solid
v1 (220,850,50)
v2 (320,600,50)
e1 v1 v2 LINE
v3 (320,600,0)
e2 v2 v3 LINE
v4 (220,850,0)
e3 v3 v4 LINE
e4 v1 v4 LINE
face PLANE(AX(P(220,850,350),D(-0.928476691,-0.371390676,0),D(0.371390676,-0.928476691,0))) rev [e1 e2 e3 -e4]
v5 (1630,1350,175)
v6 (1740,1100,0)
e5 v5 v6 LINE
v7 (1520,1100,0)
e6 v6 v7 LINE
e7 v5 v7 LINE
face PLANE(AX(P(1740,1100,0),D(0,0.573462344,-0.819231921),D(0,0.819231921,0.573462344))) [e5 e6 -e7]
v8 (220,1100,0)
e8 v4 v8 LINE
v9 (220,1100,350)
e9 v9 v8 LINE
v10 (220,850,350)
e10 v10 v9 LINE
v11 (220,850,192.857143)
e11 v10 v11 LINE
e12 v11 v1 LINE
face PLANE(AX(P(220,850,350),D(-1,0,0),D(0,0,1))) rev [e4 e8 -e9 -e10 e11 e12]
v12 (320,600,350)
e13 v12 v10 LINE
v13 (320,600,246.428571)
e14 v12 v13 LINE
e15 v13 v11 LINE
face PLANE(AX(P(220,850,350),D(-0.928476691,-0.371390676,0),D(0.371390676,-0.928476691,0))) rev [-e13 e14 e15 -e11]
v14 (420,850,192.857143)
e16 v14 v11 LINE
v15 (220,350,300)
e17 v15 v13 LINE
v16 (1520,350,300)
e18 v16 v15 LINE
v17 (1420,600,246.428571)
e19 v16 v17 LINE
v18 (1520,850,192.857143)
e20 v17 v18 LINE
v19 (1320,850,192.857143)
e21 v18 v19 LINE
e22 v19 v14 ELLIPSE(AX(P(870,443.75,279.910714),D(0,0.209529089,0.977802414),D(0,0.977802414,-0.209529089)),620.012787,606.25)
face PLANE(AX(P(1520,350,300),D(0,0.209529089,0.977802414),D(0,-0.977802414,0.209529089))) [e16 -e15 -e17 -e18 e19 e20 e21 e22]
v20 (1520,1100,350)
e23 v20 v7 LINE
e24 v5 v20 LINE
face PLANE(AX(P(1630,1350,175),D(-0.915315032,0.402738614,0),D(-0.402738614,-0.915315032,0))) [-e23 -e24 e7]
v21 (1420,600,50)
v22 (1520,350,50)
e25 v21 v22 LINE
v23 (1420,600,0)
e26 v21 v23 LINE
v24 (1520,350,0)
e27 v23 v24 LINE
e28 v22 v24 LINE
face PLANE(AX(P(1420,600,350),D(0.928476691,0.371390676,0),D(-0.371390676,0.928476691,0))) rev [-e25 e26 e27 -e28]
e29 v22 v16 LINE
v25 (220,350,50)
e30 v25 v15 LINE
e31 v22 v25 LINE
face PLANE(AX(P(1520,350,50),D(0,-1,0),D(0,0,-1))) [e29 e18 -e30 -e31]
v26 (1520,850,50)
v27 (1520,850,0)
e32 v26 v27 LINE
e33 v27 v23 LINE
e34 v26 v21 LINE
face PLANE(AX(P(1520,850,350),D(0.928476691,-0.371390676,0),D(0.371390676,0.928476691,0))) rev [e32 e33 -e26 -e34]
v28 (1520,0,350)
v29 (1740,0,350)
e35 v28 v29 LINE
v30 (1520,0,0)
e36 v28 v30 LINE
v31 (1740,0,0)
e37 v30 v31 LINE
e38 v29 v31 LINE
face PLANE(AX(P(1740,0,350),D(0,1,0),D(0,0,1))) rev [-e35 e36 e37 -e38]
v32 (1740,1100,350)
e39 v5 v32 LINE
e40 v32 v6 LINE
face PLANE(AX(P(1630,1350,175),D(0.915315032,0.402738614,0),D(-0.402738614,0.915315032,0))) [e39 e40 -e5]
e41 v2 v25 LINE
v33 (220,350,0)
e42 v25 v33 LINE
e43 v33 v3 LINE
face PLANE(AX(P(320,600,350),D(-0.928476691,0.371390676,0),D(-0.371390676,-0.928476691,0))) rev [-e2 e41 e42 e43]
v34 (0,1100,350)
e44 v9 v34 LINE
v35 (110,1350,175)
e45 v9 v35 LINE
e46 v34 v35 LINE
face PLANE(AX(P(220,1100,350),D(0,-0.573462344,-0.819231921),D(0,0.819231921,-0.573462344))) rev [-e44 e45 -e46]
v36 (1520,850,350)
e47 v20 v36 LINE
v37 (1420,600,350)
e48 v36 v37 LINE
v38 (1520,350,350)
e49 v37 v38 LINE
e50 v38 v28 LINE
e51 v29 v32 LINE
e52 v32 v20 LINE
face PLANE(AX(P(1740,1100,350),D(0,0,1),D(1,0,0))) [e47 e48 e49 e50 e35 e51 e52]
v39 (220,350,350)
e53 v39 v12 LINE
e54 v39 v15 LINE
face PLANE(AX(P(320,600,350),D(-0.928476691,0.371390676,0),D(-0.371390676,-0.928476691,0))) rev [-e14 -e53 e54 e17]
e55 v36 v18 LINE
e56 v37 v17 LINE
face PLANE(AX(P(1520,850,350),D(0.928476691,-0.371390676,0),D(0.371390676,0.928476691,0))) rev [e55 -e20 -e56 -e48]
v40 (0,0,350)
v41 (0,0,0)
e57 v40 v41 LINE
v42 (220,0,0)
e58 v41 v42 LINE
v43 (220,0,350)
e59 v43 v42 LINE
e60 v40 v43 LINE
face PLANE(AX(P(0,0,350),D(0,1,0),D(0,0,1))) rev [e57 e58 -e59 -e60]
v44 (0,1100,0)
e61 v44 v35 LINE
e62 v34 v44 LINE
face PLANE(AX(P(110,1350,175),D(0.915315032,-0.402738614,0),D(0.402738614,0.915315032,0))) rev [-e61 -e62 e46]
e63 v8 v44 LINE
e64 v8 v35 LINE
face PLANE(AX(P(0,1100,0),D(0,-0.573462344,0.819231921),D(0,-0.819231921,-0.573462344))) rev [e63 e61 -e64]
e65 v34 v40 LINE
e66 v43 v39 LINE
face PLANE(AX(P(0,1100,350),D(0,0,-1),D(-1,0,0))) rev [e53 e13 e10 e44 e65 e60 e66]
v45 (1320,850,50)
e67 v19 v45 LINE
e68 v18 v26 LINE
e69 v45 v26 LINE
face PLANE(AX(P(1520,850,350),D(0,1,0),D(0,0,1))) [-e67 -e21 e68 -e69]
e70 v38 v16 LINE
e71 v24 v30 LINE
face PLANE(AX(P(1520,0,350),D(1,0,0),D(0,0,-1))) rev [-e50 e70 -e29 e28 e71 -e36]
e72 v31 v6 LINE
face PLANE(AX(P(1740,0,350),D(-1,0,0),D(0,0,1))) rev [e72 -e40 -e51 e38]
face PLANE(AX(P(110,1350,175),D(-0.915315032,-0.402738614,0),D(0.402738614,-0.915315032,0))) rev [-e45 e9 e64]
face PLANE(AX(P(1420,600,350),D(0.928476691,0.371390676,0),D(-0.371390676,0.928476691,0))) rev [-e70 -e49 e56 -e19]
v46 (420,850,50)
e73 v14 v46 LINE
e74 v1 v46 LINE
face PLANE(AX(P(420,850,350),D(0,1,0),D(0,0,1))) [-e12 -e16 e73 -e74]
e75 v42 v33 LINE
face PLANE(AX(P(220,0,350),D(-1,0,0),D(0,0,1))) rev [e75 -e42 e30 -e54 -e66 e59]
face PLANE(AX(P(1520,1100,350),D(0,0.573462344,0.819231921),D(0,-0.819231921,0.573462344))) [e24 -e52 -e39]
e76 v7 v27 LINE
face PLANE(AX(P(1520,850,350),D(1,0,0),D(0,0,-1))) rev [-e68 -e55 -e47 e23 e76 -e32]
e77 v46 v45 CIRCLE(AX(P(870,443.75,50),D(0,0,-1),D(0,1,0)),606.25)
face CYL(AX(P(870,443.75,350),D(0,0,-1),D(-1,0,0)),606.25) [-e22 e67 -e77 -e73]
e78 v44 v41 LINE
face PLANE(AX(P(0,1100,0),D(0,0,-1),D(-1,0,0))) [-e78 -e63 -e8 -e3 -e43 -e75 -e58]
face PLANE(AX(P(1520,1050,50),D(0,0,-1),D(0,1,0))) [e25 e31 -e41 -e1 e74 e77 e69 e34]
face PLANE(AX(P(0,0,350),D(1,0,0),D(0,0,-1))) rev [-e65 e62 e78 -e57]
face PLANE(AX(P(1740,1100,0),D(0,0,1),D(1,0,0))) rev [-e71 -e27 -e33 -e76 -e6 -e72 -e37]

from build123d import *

# Parameters (mm, degrees)
EXTRUDE1_DEPTH     = 350
EXTRUDE1_2_DEPTH   = 350
EXTRUDE2_START     = -220
EXTRUDE2_DEPTH     = 1300
SKETCH3_W          = 220
SKETCH3_H          = 350
SKETCH4_W          = 220
SKETCH4_H          = 350
CUT_EXTRUDE1_DEPTH = 351.0000001


with BuildPart() as part:
    # Sketch1 → Extrude1 (new body)
    with BuildSketch(Plane.XY):
        Polygon((220, 850), (220, 1100), (0, 1100), (0, 0), (220, 0), (220, 350), (320, 600), align=None)
    extrude(amount=EXTRUDE1_DEPTH)



with BuildPart() as body_2:
    # Sketch1 → Extrude1 2 (new body)
    with BuildSketch(Plane.XY):
        Polygon((1740, 0), (1520, 0), (1520, 350), (1420, 600), (1520, 850), (1520, 1100), (1740, 1100), align=None)
    extrude(amount=EXTRUDE1_2_DEPTH)


with BuildPart() as part_1:
    add(part.part)

    add(body_2.part)  # Extrude2 merges body 2
    # Sketch2 → Extrude2 (add)
    with BuildSketch(Plane.ZY.offset(EXTRUDE2_START)):
        Polygon((50, 1050), (150, 1050), (300, 350), (50, 350), align=None)
    extrude(amount=-EXTRUDE2_DEPTH)

    # Sketch3 → Loft1 section 0
    with BuildSketch(Plane(origin=(0, 1100, 0), x_dir=(-1, 0, 0), z_dir=(0, 1, 0)), mode=Mode.PRIVATE) as loft1_s0:
        with Locations((-110, 175)):
            Rectangle(SKETCH3_W, SKETCH3_H)
    loft([loft1_s0.sketch, Vertex(110, 1350, 175)])

    # Sketch4 → Loft2 section 0
    with BuildSketch(Plane(origin=(0, 1100, 0), x_dir=(-1, 0, 0), z_dir=(0, 1, 0)), mode=Mode.PRIVATE) as loft2_s0:
        with Locations((-1630, 175)):
            Rectangle(SKETCH4_W, SKETCH4_H)
    loft([Vertex(1630, 1350, 175), loft2_s0.sketch])

    # Sketch7 → Cut-Extrude1 (cut, through all)
    with BuildSketch(Plane.XY):
        with BuildLine():
            Line((1520, 850), (1520, 1176.43317984))
            Line((1520, 1176.43317984), (220, 1176.43317984))
            Line((220, 1176.43317984), (220, 850))
            Line((220, 850), (420, 850))
            ThreePointArc((420, 850), (870, 1050), (1320, 850))
            Line((1320, 850), (1520, 850))
        make_face()
    extrude(amount=CUT_EXTRUDE1_DEPTH, mode=Mode.SUBTRACT)


solid = part_1.part
